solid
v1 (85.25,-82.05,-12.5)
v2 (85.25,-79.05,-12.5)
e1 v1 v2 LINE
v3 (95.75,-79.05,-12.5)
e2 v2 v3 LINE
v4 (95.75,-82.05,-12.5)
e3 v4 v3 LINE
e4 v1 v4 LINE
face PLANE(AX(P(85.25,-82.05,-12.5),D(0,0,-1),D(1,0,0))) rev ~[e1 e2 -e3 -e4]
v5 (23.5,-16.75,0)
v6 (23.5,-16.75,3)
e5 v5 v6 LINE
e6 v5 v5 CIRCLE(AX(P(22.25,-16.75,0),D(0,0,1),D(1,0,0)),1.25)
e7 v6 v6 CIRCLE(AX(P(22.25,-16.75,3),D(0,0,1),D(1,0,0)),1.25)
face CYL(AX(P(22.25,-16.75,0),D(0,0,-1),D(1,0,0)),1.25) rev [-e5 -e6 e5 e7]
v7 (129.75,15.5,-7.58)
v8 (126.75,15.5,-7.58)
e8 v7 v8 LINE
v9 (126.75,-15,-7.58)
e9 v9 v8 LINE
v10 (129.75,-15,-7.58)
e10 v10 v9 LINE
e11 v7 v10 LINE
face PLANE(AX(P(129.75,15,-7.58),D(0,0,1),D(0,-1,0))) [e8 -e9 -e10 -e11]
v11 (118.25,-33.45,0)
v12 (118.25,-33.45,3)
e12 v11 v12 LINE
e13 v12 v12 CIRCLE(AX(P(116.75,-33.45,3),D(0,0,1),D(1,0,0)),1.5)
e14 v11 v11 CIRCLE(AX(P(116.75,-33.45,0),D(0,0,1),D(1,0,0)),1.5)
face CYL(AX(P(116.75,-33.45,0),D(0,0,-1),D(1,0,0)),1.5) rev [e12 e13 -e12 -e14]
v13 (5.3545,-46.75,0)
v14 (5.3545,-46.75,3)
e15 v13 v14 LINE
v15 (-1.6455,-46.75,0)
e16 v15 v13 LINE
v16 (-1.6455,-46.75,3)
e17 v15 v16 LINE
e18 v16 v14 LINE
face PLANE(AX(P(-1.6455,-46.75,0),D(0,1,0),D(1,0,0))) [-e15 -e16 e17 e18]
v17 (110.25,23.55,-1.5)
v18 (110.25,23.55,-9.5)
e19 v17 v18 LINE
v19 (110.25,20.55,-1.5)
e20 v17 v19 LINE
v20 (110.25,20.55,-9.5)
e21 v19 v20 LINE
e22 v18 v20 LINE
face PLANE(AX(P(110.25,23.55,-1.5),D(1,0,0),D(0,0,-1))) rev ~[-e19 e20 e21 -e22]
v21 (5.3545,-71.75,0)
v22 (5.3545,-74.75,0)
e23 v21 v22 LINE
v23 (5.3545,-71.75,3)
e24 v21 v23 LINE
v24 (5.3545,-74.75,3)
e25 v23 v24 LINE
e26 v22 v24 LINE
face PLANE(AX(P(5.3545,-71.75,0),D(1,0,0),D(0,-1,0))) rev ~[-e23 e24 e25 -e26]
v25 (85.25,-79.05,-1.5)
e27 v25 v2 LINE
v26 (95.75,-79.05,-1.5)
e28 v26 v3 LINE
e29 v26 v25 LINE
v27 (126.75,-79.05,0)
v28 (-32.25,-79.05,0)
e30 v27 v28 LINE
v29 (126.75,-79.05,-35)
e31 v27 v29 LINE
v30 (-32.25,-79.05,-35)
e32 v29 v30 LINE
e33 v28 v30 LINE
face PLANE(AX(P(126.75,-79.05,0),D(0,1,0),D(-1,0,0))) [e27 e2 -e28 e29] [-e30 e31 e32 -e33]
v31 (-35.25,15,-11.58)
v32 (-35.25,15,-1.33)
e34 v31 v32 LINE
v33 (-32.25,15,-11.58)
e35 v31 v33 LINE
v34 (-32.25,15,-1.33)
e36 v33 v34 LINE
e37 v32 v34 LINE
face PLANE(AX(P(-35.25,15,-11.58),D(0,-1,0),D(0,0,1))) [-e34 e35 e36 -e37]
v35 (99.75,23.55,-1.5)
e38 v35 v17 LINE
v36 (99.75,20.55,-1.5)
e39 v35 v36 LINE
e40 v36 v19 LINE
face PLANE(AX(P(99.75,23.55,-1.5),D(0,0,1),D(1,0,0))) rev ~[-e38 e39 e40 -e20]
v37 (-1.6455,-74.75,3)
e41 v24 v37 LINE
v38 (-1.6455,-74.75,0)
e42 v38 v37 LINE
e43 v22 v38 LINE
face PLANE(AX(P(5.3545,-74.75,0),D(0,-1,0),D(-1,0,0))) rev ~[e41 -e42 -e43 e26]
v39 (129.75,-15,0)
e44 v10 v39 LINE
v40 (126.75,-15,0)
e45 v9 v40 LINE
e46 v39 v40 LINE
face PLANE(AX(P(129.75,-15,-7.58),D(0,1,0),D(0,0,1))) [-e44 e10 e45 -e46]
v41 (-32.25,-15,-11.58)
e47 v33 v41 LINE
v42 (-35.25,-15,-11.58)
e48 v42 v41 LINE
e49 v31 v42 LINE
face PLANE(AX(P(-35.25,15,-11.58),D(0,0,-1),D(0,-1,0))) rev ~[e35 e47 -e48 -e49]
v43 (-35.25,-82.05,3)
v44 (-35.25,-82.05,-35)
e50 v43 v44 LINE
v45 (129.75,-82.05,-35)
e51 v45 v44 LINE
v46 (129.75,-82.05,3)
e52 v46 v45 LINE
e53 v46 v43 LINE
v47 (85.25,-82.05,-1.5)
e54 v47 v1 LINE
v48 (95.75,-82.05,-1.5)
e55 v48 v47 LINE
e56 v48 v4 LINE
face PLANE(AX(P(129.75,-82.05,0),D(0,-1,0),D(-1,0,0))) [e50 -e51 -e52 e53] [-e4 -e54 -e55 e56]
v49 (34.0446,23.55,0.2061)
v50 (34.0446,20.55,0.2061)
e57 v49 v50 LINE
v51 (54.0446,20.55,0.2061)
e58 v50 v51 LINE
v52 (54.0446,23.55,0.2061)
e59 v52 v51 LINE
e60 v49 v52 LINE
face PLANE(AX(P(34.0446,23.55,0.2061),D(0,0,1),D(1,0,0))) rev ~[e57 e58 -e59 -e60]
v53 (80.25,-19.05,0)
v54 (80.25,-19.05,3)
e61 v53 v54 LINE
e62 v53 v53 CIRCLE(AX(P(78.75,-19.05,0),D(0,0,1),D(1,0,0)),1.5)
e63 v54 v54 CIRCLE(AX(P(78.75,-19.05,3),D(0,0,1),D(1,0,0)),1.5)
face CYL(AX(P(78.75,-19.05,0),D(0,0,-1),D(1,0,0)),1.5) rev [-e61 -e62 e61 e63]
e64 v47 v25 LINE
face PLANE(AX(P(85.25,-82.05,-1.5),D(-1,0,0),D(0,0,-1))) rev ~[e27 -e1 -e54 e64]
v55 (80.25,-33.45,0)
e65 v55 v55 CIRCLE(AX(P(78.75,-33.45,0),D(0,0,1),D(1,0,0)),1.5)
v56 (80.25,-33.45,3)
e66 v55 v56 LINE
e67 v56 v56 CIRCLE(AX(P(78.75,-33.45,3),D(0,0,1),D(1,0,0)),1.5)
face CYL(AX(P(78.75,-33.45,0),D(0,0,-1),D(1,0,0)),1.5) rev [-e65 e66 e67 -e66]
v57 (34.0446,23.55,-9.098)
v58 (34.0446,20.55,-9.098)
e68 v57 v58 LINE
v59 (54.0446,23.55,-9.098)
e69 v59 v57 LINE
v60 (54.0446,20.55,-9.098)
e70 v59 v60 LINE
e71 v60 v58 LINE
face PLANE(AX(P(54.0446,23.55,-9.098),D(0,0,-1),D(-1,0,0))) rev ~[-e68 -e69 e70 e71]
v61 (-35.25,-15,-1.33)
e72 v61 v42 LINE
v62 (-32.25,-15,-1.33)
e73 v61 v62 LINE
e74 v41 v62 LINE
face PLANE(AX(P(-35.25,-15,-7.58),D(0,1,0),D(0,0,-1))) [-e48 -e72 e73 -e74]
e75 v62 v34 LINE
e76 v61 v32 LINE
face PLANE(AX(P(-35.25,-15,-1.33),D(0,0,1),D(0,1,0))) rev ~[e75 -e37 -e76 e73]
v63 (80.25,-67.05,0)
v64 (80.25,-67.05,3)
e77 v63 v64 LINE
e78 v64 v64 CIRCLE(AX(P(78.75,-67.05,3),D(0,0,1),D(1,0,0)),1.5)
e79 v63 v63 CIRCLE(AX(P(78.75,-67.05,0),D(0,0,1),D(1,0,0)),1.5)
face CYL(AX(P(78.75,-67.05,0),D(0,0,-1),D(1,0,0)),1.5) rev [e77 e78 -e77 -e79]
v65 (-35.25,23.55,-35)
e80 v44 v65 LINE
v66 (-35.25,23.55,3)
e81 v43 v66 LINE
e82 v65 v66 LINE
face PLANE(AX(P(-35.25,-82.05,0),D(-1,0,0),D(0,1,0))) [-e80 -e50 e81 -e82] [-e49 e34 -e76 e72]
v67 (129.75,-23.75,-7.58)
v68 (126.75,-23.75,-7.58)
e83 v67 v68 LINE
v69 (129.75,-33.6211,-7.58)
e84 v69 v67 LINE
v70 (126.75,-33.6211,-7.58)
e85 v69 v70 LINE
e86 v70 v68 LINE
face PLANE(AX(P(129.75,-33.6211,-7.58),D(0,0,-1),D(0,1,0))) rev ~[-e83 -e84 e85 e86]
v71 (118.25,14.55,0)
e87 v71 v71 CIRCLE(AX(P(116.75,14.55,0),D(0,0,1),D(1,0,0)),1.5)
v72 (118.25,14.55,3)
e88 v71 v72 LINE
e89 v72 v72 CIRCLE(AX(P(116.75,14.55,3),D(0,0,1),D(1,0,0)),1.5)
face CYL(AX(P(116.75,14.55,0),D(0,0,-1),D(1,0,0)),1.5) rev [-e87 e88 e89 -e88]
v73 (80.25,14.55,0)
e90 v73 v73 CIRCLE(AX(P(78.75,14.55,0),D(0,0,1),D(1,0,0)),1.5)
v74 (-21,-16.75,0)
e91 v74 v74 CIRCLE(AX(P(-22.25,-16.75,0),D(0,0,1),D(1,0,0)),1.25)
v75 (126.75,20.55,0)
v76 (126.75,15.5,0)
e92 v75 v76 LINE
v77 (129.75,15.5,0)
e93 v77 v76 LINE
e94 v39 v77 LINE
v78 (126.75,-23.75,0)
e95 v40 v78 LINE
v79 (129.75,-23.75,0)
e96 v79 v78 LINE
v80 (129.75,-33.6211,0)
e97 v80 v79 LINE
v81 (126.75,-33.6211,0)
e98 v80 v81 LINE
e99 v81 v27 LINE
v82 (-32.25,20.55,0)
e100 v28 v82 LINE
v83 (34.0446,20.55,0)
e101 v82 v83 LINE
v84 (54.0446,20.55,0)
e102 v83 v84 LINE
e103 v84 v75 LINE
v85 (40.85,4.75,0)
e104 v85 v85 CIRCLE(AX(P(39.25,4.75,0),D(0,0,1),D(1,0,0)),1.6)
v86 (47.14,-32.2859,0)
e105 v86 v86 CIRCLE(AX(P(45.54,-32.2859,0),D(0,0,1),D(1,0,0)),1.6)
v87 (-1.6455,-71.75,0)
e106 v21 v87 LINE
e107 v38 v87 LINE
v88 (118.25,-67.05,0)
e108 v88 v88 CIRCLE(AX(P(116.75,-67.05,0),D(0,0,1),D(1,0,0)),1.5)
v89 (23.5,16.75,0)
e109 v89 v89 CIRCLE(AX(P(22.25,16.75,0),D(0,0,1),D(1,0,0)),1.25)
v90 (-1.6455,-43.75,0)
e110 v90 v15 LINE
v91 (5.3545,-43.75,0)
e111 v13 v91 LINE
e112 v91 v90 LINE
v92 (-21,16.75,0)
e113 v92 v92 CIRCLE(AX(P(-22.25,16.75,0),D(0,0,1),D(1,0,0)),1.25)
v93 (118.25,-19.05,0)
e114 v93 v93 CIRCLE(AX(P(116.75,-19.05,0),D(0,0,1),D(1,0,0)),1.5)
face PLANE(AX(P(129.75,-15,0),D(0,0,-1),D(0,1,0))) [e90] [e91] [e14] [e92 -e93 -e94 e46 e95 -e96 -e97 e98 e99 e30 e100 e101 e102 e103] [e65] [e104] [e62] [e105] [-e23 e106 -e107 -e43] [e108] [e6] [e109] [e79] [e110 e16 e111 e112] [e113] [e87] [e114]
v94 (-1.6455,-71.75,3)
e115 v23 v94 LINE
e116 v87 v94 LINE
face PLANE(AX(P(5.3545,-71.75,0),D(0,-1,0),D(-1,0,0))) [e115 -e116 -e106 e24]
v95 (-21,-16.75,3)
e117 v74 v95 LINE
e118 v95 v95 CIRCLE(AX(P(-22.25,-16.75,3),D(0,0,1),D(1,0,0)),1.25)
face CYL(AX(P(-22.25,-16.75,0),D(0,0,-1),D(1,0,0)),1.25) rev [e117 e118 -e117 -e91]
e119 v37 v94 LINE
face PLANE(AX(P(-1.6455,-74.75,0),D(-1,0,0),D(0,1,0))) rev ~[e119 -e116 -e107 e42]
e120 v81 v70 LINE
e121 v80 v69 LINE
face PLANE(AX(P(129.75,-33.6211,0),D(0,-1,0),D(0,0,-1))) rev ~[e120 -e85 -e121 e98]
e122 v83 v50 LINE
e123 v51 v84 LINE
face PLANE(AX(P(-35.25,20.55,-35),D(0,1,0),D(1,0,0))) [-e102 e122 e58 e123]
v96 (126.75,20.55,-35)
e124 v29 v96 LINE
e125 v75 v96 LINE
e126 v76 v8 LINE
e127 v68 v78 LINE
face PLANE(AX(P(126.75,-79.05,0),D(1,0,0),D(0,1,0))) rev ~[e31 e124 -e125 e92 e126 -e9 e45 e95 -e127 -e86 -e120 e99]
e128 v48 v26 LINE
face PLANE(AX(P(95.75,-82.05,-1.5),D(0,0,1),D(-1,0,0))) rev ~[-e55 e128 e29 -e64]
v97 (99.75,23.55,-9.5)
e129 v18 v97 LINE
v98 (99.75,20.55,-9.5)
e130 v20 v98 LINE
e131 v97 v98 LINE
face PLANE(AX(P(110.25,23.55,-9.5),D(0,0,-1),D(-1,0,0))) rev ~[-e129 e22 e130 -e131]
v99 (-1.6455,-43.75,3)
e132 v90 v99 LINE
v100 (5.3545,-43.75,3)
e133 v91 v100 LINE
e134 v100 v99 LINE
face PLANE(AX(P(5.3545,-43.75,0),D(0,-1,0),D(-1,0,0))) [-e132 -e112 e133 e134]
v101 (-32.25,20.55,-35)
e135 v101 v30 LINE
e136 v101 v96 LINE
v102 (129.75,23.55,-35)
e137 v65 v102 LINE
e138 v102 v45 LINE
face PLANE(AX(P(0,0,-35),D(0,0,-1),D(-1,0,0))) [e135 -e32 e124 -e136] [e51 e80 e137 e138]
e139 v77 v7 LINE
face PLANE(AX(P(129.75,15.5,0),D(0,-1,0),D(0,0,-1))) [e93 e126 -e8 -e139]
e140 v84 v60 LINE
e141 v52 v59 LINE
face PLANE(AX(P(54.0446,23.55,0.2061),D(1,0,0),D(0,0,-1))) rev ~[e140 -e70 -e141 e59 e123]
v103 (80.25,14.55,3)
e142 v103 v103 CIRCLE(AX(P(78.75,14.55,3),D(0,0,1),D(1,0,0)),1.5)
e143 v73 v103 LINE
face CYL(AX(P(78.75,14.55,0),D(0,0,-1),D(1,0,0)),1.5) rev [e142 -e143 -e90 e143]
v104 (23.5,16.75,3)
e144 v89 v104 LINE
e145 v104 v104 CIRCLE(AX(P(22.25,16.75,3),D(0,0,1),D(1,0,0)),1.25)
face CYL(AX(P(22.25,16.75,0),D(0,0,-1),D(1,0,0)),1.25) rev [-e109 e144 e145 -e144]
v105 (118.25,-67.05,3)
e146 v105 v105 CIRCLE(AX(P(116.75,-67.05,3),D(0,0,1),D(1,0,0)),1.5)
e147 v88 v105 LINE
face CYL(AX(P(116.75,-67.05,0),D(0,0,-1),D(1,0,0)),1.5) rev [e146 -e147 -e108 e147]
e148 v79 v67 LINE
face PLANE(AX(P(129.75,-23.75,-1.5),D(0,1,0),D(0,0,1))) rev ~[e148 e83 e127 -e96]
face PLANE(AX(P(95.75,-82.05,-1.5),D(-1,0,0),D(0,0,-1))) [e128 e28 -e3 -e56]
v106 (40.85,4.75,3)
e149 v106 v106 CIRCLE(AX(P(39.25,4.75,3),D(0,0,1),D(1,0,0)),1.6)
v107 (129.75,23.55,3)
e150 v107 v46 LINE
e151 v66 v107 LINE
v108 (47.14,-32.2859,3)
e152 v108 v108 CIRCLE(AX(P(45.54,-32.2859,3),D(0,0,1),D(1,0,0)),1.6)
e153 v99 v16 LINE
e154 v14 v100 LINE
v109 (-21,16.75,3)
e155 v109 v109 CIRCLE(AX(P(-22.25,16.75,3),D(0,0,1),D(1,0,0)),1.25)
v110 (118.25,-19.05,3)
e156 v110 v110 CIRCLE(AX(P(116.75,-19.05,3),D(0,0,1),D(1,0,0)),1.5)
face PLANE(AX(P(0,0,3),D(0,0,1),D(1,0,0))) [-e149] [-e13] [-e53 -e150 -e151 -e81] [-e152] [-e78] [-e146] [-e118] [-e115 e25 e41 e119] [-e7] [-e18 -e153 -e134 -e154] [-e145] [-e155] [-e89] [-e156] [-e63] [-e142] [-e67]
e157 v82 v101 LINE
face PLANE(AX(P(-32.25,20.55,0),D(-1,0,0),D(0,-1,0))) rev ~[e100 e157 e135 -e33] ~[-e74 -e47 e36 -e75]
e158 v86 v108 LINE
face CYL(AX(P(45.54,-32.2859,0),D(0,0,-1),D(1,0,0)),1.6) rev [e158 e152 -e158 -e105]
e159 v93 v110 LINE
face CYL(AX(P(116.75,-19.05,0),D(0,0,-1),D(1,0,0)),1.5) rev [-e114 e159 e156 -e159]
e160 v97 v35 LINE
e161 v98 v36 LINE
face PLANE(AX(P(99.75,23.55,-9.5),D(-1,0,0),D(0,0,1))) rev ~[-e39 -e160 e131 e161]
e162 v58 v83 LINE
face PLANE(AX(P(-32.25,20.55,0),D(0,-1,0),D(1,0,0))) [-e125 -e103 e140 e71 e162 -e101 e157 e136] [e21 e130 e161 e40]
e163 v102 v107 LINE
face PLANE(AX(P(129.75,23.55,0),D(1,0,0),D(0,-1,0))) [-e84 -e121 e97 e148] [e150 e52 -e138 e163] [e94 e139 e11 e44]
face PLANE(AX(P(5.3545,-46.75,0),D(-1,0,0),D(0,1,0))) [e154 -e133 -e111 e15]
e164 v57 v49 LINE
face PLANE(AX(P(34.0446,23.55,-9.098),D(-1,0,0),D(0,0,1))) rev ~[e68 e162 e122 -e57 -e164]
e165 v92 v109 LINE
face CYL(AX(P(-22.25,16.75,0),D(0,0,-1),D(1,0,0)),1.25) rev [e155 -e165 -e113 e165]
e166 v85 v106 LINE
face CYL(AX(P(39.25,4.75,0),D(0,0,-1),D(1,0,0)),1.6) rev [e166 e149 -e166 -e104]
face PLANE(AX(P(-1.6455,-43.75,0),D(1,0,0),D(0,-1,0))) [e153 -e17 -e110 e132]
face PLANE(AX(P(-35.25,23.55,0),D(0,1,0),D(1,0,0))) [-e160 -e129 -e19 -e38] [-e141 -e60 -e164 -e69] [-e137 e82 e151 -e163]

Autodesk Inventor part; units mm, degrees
ref_plane "YZ Plane" through (0, 0, 0) normal (1, 0, 0) x (0, 1, 0)
ref_plane "XZ Plane" through (0, 0, 0) normal (0, 1, 0) x (-1, 0, 0)
ref_plane "XY Plane" through (0, 0, 0) normal (0, 0, 1) x (1, 0, 0)
sketch "Эскиз1" plane through (0, 0, 0) normal (0, 0, 1) x (1, 0, 0)
  circle A0 centre (-22.25, 16.75) radius 1.25 projected
  circle A1 centre (22.25, 16.75) radius 1.25 projected
  circle A2 centre (22.25, -16.75) radius 1.25 projected
  circle A3 centre (-22.25, -16.75) radius 1.25 projected
  circle A4 centre (39.25, 4.75) radius 1.6 projected
  circle A5 centre (45.54, -32.2859) radius 1.6 projected
  circle A6 centre (78.75, -19.05) radius 1.5 projected
  circle A7 centre (78.75, 14.55) radius 1.5 projected
  circle A8 centre (116.75, 14.55) radius 1.5 projected
  circle A9 centre (116.75, -19.05) radius 1.5 projected
  circle A10 centre (116.75, -33.45) radius 1.5 projected
  circle A11 centre (78.75, -33.45) radius 1.5 projected
  circle A12 centre (78.75, -67.05) radius 1.5 projected
  circle A13 centre (116.75, -67.05) radius 1.5 projected
  line L0 (-19.75, -46.75) -> (24.25, -46.75) projected
  line L1 (24.25, -71.75) -> (-19.75, -71.75) projected
  line L2 (-1.6455, -46.75) -> (5.3545, -46.75)
  line L3 (5.3545, -46.75) -> (5.3545, -43.75)
  line L4 (5.3545, -43.75) -> (-1.6455, -43.75)
  line L5 (-1.6455, -43.75) -> (-1.6455, -46.75)
  line L6 (-1.6455, -71.75) -> (5.3545, -71.75)
  line L7 (5.3545, -71.75) -> (5.3545, -74.75)
  line L8 (5.3545, -74.75) -> (-1.6455, -74.75)
  line L9 (-1.6455, -74.75) -> (-1.6455, -71.75)
  line L10 (-32.25, 20.55) -> (126.75, 20.55)
  line L11 (126.75, 20.55) -> (126.75, -79.05)
  line L12 (126.75, -79.05) -> (-32.25, -79.05)
  line L13 (-32.25, -79.05) -> (-32.25, 20.55)
  point P0 (0, 0)
  dimension "d0" = 7
  dimension "d1" = 3
  dimension "d2" = 3
  dimension "d3" = 6
  dimension "d4" = 10
  dimension "d5" = 12
  dimension "d6" = 10
extrude "Выдавливание1" add sketch "Эскиз1" along normal blind 3
sketch "Эскиз2" plane through (0, 0, 0) normal (0, 0, -1) x (-1, 0, 0)
  line L0 (32.25, 20.55) -> (32.25, -79.05) projected
  line L1 (-126.75, -79.05) -> (-126.75, 20.55) projected
  line L2 (32.25, 20.55) -> (-126.75, 20.55)
  line L3 (-126.75, 20.55) -> (-126.75, -79.05)
  line L4 (-126.75, -79.05) -> (32.25, -79.05)
  line L5 (32.25, -79.05) -> (32.25, 20.55)
  line L6 (35.25, 23.55) -> (-129.75, 23.55)
  line L7 (-129.75, 23.55) -> (-129.75, -82.05)
  line L8 (-129.75, -82.05) -> (35.25, -82.05)
  line L9 (35.25, -82.05) -> (35.25, 23.55)
  point P0 (0, 0)
  point P1 (-126.75, 20.55)
  dimension "d9" = 3
  dimension "d10" = 3
  dimension "d11" = 3
  dimension "d12" = 3
extrude "Выдавливание2" add sketch "Эскиз2" along normal blind 35
sketch "Эскиз3" plane through (0, 0, 0) normal (0, 0, 1) x (1, 0, 0)
  line L0 (129.75, 23.55) -> (129.75, -82.05) projected
  line L1 (-35.25, 23.55) -> (129.75, 23.55) projected
  line L2 (-35.25, -82.05) -> (-35.25, 23.55) projected
  line L3 (129.75, -82.05) -> (-35.25, -82.05) projected
  line L4 (126.75, 20.55) -> (-32.25, 20.55) projected
  line L5 (126.75, -79.05) -> (126.75, 20.55) projected
  line L6 (-32.25, -79.05) -> (126.75, -79.05) projected
  line L7 (-32.25, 20.55) -> (-32.25, -79.05) projected
  point P0 (0, 0)
extrude "Выдавливание3" add sketch "Эскиз3" along normal blind 3
sketch "Эскиз4" plane through (-35.25, 23.55, -35) normal (0, 1, 0) x (1, 0, 0)
  line L0 (82.1894, -30.7775) -> (76.4292, -30.7775) projected
  line L1 (82.1894, -30.7775) -> (76.4292, -30.7775) projected
  line L2 (82.1894, -30.7775) -> (82.3893, -30.7775) projected
  line L3 (3, -35) -> (162, -35) projected
  line L4 (74.4292, -29.1972) -> (84.4292, -29.1972)
  line L5 (84.4292, -29.1972) -> (84.4292, -35)
  line L6 (84.4292, -35) -> (74.4292, -35)
  line L7 (74.4292, -35) -> (74.4292, -29.1972)
  point P0 (35.25, -35)
  dimension "d17" = 10
  dimension "d18" = 2
extrude "Выдавливание4" cut sketch "Эскиз4" against normal blind 3
sketch "Эскиз5" plane through (-35.25, 23.55, -35) normal (0, 1, 0) x (1, 0, 0)
  line L0 (74.4292, -35) -> (74.4292, -29.1972) projected
  line L1 (84.4292, -29.1972) -> (84.4292, -35) projected
  line L2 (74.4292, -29.1972) -> (84.4292, -29.1972) projected
  line L3 (84.4292, -35) -> (74.4292, -35) projected
  line L4 (69.2946, -35.2061) -> (89.2946, -35.2061)
  line L5 (89.2946, -35.2061) -> (89.2946, -25.902)
  line L6 (89.2946, -25.902) -> (69.2946, -25.902)
  line L7 (69.2946, -25.902) -> (69.2946, -35.2061)
  point P0 (35.25, -35)
  dimension "d21" = 20
extrude "Выдавливание5" cut sketch "Эскиз5" against normal blind 3
sketch "Эскиз6" plane through (-35.25, 23.55, -35) normal (0, 1, 0) x (1, 0, 0)
  line L0 (135, -33.5) -> (145.5, -33.5) projected
  line L1 (135, -33.5) -> (145.5, -33.5) projected
  line L2 (145.5, -25.5) -> (135, -25.5) projected
  line L3 (135, -33.5) -> (145.5, -33.5)
  line L4 (145.5, -33.5) -> (145.5, -25.5)
  line L5 (145.5, -25.5) -> (135, -25.5)
  line L6 (135, -25.5) -> (135, -33.5)
  point P0 (35.25, -35)
extrude "Выдавливание6" cut sketch "Эскиз6" against normal blind 3
sketch "Эскиз7" plane through (129.75, -82.05, -35) normal (1, 0, 0) x (0, 0, -1)
  line L0 (-27.42, 97.05) -> (-27.42, 67.05) projected
  line L1 (-35, 3) -> (-35, 102.6) projected
  line L2 (-35, 97.55) -> (-35, 100.05) projected
  line L3 (-27.42, 67.05) -> (-35, 67.05)
  line L4 (-35, 67.05) -> (-35, 97.55)
  line L5 (-35, 97.55) -> (-27.42, 97.55)
  line L6 (-27.42, 97.55) -> (-27.42, 67.05)
  line L7 (-33.5, 58.3) -> (-22.5, 58.3) projected
  line L8 (-35, 102.6) -> (-35, 3) projected
  line L9 (-27.42, 58.3) -> (-35, 58.3)
  line L10 (-35, 58.3) -> (-35, 48.4289)
  line L11 (-35, 48.4289) -> (-27.42, 48.4289)
  line L12 (-27.42, 48.4289) -> (-27.42, 58.3)
  point P0 (-35, 82.05)
  point P1 (-33.5, 58.3)
  point P2 (-35, 58.3)
  point P3 (-35, 48.4289)
  point P4 (-27.42, 97.05)
  point P5 (-35, 67.05)
extrude "Выдавливание7" cut sketch "Эскиз7" against normal blind 3
sketch "Эскиз8" plane through (-35.25, -82.05, -35) normal (0, -1, 0) x (1, 0, 0)
  line L0 (131, 33.5) -> (131, 22.5) projected
  line L1 (120.5, 33.5) -> (120.5, 22.5) projected
  line L2 (120.5, 22.5) -> (131, 22.5)
  line L3 (131, 22.5) -> (131, 33.5)
  line L4 (131, 33.5) -> (120.5, 33.5)
  line L5 (120.5, 33.5) -> (120.5, 22.5)
  point P0 (35.25, 35)
extrude "Выдавливание8" cut sketch "Эскиз8" against normal blind 3
sketch "Эскиз9" plane through (-35.25, -82.05, -35) normal (-1, 0, 0) x (0, 0, 1)
  line L0 (23.42, 97.05) -> (23.42, 67.05) projected
  line L1 (33.67, 64.8) -> (33.67, 99.3) projected
  line L2 (35, 67.05) -> (27.42, 67.05) projected
  line L3 (23.42, 97.05) -> (33.67, 97.05)
  line L4 (33.67, 97.05) -> (33.67, 67.05)
  line L5 (33.67, 67.05) -> (23.42, 67.05)
  line L6 (23.42, 67.05) -> (23.42, 97.05)
  point P0 (35, 82.05)
  point P1 (23.42, 67.05)
  point P2 (27.42, 67.05)
extrude "Выдавливание9" cut sketch "Эскиз9" against normal blind 3
properties part number "корпус"
